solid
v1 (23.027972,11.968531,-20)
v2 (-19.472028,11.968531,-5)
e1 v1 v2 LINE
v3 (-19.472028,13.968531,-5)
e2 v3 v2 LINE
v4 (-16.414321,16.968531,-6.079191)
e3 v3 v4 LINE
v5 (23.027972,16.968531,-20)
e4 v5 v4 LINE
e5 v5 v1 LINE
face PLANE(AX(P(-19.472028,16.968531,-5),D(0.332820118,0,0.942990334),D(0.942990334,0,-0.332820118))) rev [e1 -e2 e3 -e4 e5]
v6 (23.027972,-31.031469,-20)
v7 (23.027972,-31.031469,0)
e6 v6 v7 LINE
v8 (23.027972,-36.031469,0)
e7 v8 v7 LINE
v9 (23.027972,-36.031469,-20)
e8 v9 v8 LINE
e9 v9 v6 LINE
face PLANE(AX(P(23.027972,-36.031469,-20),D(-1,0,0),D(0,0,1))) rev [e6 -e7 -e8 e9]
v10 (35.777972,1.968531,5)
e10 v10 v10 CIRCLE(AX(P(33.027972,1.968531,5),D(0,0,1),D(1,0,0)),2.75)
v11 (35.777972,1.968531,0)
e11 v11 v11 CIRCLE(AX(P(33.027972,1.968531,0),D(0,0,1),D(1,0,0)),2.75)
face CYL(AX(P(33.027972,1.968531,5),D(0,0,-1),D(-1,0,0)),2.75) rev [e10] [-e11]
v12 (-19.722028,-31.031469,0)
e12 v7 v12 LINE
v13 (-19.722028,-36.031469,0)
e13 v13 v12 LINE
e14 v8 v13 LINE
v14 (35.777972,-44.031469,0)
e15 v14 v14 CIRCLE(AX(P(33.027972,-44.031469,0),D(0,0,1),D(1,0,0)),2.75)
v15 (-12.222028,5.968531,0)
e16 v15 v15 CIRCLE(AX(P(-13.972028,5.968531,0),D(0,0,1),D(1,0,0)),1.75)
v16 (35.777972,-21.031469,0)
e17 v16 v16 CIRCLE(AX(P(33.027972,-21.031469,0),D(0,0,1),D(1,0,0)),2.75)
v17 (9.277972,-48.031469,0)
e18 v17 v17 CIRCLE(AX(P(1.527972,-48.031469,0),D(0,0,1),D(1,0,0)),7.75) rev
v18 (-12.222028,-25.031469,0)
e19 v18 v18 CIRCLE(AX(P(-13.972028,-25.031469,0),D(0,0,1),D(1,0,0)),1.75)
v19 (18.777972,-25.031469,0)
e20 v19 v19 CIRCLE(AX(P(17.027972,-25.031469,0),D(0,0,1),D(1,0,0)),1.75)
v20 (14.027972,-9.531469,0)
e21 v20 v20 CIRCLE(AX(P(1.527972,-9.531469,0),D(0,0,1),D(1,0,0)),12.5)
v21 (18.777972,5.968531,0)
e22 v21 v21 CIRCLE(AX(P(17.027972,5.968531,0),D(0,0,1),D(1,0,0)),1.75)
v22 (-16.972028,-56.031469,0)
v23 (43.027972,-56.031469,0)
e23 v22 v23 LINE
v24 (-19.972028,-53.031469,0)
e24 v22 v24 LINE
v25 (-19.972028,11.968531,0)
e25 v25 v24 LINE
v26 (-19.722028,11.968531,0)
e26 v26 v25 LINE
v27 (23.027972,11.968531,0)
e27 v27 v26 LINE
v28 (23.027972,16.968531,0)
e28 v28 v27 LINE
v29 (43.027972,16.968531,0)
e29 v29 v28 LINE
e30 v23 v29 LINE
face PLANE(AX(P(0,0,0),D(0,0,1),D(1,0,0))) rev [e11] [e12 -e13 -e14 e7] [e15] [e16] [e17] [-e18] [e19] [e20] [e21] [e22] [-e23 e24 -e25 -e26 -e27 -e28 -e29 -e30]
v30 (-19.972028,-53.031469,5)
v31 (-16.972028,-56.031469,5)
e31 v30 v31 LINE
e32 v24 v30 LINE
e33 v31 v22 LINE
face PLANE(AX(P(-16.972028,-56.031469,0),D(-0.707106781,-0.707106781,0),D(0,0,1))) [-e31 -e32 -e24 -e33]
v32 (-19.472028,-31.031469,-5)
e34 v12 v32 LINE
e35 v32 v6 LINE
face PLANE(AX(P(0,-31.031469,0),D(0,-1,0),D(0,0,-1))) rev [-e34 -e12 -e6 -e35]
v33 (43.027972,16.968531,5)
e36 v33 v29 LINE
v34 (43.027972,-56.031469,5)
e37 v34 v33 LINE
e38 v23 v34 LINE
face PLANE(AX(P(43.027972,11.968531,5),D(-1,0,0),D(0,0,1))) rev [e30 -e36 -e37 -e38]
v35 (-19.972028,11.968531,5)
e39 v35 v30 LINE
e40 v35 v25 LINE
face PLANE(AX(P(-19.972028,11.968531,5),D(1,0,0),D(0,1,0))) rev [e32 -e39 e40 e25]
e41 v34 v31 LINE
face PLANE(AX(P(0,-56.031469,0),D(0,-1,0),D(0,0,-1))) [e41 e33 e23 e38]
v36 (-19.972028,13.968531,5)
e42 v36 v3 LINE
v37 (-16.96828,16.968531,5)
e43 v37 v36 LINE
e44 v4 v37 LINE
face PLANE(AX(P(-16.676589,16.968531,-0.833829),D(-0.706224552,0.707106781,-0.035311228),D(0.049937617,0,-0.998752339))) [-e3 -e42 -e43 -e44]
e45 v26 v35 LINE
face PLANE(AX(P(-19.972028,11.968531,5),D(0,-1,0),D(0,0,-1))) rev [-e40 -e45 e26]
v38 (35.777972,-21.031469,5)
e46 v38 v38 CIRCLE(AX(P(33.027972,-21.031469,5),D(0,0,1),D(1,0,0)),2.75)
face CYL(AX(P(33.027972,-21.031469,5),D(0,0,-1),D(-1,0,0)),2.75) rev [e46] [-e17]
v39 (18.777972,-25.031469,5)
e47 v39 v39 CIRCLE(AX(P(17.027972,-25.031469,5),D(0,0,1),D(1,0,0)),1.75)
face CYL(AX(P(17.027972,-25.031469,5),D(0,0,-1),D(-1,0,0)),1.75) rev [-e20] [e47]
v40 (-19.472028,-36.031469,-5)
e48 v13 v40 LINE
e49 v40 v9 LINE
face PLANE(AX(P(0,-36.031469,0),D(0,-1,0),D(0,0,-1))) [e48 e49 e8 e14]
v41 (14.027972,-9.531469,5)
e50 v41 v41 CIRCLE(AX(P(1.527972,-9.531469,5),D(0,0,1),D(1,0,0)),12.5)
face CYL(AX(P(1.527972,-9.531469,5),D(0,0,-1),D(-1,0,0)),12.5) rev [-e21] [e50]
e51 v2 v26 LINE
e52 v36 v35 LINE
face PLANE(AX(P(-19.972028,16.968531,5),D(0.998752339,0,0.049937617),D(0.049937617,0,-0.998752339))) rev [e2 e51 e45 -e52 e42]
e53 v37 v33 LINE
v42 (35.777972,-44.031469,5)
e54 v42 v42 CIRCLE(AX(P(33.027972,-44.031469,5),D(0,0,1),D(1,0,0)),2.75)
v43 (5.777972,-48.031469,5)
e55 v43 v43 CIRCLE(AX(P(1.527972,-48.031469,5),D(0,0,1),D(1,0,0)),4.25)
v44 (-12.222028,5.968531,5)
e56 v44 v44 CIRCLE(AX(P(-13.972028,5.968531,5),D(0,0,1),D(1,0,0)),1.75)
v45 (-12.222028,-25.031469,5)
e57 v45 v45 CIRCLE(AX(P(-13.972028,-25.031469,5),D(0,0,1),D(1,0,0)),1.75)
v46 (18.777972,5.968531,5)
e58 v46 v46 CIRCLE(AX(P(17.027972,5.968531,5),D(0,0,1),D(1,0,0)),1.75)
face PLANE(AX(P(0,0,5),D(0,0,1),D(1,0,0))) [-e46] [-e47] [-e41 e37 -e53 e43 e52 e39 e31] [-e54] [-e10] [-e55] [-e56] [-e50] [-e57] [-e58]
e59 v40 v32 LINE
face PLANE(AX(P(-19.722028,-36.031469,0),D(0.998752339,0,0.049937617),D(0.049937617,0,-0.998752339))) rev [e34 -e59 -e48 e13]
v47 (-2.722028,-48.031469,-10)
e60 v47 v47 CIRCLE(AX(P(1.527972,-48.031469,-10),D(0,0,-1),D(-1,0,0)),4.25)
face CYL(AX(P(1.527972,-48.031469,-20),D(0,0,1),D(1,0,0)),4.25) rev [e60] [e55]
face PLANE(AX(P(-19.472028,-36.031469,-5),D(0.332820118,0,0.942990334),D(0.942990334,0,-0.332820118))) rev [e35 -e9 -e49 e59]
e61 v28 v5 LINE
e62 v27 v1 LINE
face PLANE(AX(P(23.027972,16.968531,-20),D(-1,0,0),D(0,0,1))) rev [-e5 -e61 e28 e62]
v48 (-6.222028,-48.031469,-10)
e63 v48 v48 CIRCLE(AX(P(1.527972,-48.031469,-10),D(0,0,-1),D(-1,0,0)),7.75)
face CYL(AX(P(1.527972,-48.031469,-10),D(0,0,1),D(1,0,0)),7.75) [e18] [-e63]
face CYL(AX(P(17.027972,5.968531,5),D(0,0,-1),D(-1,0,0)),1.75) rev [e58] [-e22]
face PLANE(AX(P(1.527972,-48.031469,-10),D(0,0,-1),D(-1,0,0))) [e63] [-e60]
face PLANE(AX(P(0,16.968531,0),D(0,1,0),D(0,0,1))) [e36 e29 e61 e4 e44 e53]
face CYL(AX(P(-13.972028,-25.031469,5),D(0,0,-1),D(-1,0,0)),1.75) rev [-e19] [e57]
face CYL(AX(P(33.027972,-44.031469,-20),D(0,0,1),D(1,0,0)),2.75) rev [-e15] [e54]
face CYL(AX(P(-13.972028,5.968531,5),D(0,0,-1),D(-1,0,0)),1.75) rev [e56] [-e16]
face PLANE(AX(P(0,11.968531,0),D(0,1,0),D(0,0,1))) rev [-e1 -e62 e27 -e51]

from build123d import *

# Parameters (mm, degrees)
SKETCH_2_W          = 63
SKETCH_2_H          = 43
SKETCH_2_R          = 1.75
SKETCH_2_R_2        = 12.5
SKETCH_2_R_3        = 2.75
EXTRUDE_1_DEPTH     = 5
SKETCH_3_W          = 63
SKETCH_3_H          = 5
EXTRUDE_2_DEPTH     = 25
SKETCH_4_R          = 4.25
CUT_EXTRUDE_2_DEPTH = 25
SKETCH_5_R          = 7.75
SKETCH_5_R_2        = 4.25
EXTRUDE_3_DEPTH     = 10
EXTRUDE_4_DEPTH     = 5
EXTRUDE_5_DEPTH     = 5
SKETCH_10_R         = 2.75
CUT_EXTRUDE_3_DEPTH = 75.939521233
SKETCH_11_W         = 20
SKETCH_11_H         = 5
EXTRUDE_6_DEPTH     = 5
CHAMFER_1_SIZE      = 3


with BuildPart() as part:
    # 草图2 → 凸台-拉伸1 (new body)
    with BuildSketch(Plane.XY):
        with Locations((11.527972028, -9.531468531)):
            Rectangle(SKETCH_2_W, SKETCH_2_H)
        with Locations((-13.972027972, 5.968531469)):
            Circle(SKETCH_2_R, mode=Mode.SUBTRACT)
        with Locations((17.027972028, 5.968531469)):
            Circle(SKETCH_2_R, mode=Mode.SUBTRACT)
        with Locations((17.027972028, -25.031468531)):
            Circle(SKETCH_2_R, mode=Mode.SUBTRACT)
        with Locations((-13.972027972, -25.031468531)):
            Circle(SKETCH_2_R, mode=Mode.SUBTRACT)
        with Locations((1.527972028, -9.531468531)):
            Circle(SKETCH_2_R_2, mode=Mode.SUBTRACT)
        with Locations((33.027972028, 1.968531469)):
            Circle(SKETCH_2_R_3, mode=Mode.SUBTRACT)
        with Locations((33.027972028, -21.031468531)):
            Circle(SKETCH_2_R_3, mode=Mode.SUBTRACT)
    extrude(amount=EXTRUDE_1_DEPTH)

    # 草图3 → 凸台-拉伸2 (add)
    with BuildSketch(Plane.XZ.offset(31.031468531)):
        with Locations((11.527972028, 2.5)):
            Rectangle(SKETCH_3_W, SKETCH_3_H)
    extrude(amount=EXTRUDE_2_DEPTH)

    # 草图4 → 切除-拉伸2 (cut)
    with BuildSketch(Plane.XY.offset(5)):
        with Locations((1.527972028, -48.031468531)):
            Circle(SKETCH_4_R)
    extrude(amount=-CUT_EXTRUDE_2_DEPTH, mode=Mode.SUBTRACT)

    # 草图5 → 凸台-拉伸3 (add)
    with BuildSketch(Plane(origin=(0, 0, 0), x_dir=(-1, 0, 0), z_dir=(0, 0, -1))):
        with Locations(Location((-1.527972028, -48.031468531, 0), (0, 0, 180))):
            Circle(SKETCH_5_R)
        with Locations(Location((-1.527972028, -48.031468531, 0), (0, 0, 180))):
            Circle(SKETCH_5_R_2, mode=Mode.SUBTRACT)
    extrude(amount=EXTRUDE_3_DEPTH)

    # 草图7 → 凸台-拉伸4 (add)
    with BuildSketch(Plane(origin=(0, 11.968531469, 0), x_dir=(1, 0, 0), z_dir=(0, 1, 0))):
        Polygon((-19.972027972, -5), (-19.472027972, 5), (23.027972028, 20), (23.027972028, -5), align=None)
    extrude(amount=EXTRUDE_4_DEPTH)

    # 草图8 → 凸台-拉伸5 (add)
    with BuildSketch(Plane(origin=(0, -31.031468531, 0), x_dir=(-1, 0, 0), z_dir=(0, -1, 0))):
        Polygon((-23.027972028, 20), (-23.027972028, 0), (19.722027972, 0), (19.472027972, 5), align=None)
    extrude(amount=EXTRUDE_5_DEPTH)

    # 草图10 → 切除-拉伸3 (cut, through all)
    with BuildSketch(Plane.XY.offset(5)):
        with Locations((33.027972028, -44.031468531)):
            Circle(SKETCH_10_R)
    extrude(amount=-CUT_EXTRUDE_3_DEPTH, mode=Mode.SUBTRACT)

    # 草图11 → 凸台-拉伸6 (add)
    with BuildSketch(Plane(origin=(0, 11.968531469, 0), x_dir=(1, 0, 0), z_dir=(0, 1, 0))):
        with Locations((33.027972028, -2.5)):
            Rectangle(SKETCH_11_W, SKETCH_11_H)
    extrude(amount=EXTRUDE_6_DEPTH)

    # 倒角1
    chamfer_1_edges = [part.edges().sort_by_distance(p)[0] for p in [
        (-19.972027972, -56.031468531, 2.5),
        (-19.722027972, 16.968531469, 0),
    ]]
    chamfer(chamfer_1_edges, length=CHAMFER_1_SIZE)


solid = part.part
